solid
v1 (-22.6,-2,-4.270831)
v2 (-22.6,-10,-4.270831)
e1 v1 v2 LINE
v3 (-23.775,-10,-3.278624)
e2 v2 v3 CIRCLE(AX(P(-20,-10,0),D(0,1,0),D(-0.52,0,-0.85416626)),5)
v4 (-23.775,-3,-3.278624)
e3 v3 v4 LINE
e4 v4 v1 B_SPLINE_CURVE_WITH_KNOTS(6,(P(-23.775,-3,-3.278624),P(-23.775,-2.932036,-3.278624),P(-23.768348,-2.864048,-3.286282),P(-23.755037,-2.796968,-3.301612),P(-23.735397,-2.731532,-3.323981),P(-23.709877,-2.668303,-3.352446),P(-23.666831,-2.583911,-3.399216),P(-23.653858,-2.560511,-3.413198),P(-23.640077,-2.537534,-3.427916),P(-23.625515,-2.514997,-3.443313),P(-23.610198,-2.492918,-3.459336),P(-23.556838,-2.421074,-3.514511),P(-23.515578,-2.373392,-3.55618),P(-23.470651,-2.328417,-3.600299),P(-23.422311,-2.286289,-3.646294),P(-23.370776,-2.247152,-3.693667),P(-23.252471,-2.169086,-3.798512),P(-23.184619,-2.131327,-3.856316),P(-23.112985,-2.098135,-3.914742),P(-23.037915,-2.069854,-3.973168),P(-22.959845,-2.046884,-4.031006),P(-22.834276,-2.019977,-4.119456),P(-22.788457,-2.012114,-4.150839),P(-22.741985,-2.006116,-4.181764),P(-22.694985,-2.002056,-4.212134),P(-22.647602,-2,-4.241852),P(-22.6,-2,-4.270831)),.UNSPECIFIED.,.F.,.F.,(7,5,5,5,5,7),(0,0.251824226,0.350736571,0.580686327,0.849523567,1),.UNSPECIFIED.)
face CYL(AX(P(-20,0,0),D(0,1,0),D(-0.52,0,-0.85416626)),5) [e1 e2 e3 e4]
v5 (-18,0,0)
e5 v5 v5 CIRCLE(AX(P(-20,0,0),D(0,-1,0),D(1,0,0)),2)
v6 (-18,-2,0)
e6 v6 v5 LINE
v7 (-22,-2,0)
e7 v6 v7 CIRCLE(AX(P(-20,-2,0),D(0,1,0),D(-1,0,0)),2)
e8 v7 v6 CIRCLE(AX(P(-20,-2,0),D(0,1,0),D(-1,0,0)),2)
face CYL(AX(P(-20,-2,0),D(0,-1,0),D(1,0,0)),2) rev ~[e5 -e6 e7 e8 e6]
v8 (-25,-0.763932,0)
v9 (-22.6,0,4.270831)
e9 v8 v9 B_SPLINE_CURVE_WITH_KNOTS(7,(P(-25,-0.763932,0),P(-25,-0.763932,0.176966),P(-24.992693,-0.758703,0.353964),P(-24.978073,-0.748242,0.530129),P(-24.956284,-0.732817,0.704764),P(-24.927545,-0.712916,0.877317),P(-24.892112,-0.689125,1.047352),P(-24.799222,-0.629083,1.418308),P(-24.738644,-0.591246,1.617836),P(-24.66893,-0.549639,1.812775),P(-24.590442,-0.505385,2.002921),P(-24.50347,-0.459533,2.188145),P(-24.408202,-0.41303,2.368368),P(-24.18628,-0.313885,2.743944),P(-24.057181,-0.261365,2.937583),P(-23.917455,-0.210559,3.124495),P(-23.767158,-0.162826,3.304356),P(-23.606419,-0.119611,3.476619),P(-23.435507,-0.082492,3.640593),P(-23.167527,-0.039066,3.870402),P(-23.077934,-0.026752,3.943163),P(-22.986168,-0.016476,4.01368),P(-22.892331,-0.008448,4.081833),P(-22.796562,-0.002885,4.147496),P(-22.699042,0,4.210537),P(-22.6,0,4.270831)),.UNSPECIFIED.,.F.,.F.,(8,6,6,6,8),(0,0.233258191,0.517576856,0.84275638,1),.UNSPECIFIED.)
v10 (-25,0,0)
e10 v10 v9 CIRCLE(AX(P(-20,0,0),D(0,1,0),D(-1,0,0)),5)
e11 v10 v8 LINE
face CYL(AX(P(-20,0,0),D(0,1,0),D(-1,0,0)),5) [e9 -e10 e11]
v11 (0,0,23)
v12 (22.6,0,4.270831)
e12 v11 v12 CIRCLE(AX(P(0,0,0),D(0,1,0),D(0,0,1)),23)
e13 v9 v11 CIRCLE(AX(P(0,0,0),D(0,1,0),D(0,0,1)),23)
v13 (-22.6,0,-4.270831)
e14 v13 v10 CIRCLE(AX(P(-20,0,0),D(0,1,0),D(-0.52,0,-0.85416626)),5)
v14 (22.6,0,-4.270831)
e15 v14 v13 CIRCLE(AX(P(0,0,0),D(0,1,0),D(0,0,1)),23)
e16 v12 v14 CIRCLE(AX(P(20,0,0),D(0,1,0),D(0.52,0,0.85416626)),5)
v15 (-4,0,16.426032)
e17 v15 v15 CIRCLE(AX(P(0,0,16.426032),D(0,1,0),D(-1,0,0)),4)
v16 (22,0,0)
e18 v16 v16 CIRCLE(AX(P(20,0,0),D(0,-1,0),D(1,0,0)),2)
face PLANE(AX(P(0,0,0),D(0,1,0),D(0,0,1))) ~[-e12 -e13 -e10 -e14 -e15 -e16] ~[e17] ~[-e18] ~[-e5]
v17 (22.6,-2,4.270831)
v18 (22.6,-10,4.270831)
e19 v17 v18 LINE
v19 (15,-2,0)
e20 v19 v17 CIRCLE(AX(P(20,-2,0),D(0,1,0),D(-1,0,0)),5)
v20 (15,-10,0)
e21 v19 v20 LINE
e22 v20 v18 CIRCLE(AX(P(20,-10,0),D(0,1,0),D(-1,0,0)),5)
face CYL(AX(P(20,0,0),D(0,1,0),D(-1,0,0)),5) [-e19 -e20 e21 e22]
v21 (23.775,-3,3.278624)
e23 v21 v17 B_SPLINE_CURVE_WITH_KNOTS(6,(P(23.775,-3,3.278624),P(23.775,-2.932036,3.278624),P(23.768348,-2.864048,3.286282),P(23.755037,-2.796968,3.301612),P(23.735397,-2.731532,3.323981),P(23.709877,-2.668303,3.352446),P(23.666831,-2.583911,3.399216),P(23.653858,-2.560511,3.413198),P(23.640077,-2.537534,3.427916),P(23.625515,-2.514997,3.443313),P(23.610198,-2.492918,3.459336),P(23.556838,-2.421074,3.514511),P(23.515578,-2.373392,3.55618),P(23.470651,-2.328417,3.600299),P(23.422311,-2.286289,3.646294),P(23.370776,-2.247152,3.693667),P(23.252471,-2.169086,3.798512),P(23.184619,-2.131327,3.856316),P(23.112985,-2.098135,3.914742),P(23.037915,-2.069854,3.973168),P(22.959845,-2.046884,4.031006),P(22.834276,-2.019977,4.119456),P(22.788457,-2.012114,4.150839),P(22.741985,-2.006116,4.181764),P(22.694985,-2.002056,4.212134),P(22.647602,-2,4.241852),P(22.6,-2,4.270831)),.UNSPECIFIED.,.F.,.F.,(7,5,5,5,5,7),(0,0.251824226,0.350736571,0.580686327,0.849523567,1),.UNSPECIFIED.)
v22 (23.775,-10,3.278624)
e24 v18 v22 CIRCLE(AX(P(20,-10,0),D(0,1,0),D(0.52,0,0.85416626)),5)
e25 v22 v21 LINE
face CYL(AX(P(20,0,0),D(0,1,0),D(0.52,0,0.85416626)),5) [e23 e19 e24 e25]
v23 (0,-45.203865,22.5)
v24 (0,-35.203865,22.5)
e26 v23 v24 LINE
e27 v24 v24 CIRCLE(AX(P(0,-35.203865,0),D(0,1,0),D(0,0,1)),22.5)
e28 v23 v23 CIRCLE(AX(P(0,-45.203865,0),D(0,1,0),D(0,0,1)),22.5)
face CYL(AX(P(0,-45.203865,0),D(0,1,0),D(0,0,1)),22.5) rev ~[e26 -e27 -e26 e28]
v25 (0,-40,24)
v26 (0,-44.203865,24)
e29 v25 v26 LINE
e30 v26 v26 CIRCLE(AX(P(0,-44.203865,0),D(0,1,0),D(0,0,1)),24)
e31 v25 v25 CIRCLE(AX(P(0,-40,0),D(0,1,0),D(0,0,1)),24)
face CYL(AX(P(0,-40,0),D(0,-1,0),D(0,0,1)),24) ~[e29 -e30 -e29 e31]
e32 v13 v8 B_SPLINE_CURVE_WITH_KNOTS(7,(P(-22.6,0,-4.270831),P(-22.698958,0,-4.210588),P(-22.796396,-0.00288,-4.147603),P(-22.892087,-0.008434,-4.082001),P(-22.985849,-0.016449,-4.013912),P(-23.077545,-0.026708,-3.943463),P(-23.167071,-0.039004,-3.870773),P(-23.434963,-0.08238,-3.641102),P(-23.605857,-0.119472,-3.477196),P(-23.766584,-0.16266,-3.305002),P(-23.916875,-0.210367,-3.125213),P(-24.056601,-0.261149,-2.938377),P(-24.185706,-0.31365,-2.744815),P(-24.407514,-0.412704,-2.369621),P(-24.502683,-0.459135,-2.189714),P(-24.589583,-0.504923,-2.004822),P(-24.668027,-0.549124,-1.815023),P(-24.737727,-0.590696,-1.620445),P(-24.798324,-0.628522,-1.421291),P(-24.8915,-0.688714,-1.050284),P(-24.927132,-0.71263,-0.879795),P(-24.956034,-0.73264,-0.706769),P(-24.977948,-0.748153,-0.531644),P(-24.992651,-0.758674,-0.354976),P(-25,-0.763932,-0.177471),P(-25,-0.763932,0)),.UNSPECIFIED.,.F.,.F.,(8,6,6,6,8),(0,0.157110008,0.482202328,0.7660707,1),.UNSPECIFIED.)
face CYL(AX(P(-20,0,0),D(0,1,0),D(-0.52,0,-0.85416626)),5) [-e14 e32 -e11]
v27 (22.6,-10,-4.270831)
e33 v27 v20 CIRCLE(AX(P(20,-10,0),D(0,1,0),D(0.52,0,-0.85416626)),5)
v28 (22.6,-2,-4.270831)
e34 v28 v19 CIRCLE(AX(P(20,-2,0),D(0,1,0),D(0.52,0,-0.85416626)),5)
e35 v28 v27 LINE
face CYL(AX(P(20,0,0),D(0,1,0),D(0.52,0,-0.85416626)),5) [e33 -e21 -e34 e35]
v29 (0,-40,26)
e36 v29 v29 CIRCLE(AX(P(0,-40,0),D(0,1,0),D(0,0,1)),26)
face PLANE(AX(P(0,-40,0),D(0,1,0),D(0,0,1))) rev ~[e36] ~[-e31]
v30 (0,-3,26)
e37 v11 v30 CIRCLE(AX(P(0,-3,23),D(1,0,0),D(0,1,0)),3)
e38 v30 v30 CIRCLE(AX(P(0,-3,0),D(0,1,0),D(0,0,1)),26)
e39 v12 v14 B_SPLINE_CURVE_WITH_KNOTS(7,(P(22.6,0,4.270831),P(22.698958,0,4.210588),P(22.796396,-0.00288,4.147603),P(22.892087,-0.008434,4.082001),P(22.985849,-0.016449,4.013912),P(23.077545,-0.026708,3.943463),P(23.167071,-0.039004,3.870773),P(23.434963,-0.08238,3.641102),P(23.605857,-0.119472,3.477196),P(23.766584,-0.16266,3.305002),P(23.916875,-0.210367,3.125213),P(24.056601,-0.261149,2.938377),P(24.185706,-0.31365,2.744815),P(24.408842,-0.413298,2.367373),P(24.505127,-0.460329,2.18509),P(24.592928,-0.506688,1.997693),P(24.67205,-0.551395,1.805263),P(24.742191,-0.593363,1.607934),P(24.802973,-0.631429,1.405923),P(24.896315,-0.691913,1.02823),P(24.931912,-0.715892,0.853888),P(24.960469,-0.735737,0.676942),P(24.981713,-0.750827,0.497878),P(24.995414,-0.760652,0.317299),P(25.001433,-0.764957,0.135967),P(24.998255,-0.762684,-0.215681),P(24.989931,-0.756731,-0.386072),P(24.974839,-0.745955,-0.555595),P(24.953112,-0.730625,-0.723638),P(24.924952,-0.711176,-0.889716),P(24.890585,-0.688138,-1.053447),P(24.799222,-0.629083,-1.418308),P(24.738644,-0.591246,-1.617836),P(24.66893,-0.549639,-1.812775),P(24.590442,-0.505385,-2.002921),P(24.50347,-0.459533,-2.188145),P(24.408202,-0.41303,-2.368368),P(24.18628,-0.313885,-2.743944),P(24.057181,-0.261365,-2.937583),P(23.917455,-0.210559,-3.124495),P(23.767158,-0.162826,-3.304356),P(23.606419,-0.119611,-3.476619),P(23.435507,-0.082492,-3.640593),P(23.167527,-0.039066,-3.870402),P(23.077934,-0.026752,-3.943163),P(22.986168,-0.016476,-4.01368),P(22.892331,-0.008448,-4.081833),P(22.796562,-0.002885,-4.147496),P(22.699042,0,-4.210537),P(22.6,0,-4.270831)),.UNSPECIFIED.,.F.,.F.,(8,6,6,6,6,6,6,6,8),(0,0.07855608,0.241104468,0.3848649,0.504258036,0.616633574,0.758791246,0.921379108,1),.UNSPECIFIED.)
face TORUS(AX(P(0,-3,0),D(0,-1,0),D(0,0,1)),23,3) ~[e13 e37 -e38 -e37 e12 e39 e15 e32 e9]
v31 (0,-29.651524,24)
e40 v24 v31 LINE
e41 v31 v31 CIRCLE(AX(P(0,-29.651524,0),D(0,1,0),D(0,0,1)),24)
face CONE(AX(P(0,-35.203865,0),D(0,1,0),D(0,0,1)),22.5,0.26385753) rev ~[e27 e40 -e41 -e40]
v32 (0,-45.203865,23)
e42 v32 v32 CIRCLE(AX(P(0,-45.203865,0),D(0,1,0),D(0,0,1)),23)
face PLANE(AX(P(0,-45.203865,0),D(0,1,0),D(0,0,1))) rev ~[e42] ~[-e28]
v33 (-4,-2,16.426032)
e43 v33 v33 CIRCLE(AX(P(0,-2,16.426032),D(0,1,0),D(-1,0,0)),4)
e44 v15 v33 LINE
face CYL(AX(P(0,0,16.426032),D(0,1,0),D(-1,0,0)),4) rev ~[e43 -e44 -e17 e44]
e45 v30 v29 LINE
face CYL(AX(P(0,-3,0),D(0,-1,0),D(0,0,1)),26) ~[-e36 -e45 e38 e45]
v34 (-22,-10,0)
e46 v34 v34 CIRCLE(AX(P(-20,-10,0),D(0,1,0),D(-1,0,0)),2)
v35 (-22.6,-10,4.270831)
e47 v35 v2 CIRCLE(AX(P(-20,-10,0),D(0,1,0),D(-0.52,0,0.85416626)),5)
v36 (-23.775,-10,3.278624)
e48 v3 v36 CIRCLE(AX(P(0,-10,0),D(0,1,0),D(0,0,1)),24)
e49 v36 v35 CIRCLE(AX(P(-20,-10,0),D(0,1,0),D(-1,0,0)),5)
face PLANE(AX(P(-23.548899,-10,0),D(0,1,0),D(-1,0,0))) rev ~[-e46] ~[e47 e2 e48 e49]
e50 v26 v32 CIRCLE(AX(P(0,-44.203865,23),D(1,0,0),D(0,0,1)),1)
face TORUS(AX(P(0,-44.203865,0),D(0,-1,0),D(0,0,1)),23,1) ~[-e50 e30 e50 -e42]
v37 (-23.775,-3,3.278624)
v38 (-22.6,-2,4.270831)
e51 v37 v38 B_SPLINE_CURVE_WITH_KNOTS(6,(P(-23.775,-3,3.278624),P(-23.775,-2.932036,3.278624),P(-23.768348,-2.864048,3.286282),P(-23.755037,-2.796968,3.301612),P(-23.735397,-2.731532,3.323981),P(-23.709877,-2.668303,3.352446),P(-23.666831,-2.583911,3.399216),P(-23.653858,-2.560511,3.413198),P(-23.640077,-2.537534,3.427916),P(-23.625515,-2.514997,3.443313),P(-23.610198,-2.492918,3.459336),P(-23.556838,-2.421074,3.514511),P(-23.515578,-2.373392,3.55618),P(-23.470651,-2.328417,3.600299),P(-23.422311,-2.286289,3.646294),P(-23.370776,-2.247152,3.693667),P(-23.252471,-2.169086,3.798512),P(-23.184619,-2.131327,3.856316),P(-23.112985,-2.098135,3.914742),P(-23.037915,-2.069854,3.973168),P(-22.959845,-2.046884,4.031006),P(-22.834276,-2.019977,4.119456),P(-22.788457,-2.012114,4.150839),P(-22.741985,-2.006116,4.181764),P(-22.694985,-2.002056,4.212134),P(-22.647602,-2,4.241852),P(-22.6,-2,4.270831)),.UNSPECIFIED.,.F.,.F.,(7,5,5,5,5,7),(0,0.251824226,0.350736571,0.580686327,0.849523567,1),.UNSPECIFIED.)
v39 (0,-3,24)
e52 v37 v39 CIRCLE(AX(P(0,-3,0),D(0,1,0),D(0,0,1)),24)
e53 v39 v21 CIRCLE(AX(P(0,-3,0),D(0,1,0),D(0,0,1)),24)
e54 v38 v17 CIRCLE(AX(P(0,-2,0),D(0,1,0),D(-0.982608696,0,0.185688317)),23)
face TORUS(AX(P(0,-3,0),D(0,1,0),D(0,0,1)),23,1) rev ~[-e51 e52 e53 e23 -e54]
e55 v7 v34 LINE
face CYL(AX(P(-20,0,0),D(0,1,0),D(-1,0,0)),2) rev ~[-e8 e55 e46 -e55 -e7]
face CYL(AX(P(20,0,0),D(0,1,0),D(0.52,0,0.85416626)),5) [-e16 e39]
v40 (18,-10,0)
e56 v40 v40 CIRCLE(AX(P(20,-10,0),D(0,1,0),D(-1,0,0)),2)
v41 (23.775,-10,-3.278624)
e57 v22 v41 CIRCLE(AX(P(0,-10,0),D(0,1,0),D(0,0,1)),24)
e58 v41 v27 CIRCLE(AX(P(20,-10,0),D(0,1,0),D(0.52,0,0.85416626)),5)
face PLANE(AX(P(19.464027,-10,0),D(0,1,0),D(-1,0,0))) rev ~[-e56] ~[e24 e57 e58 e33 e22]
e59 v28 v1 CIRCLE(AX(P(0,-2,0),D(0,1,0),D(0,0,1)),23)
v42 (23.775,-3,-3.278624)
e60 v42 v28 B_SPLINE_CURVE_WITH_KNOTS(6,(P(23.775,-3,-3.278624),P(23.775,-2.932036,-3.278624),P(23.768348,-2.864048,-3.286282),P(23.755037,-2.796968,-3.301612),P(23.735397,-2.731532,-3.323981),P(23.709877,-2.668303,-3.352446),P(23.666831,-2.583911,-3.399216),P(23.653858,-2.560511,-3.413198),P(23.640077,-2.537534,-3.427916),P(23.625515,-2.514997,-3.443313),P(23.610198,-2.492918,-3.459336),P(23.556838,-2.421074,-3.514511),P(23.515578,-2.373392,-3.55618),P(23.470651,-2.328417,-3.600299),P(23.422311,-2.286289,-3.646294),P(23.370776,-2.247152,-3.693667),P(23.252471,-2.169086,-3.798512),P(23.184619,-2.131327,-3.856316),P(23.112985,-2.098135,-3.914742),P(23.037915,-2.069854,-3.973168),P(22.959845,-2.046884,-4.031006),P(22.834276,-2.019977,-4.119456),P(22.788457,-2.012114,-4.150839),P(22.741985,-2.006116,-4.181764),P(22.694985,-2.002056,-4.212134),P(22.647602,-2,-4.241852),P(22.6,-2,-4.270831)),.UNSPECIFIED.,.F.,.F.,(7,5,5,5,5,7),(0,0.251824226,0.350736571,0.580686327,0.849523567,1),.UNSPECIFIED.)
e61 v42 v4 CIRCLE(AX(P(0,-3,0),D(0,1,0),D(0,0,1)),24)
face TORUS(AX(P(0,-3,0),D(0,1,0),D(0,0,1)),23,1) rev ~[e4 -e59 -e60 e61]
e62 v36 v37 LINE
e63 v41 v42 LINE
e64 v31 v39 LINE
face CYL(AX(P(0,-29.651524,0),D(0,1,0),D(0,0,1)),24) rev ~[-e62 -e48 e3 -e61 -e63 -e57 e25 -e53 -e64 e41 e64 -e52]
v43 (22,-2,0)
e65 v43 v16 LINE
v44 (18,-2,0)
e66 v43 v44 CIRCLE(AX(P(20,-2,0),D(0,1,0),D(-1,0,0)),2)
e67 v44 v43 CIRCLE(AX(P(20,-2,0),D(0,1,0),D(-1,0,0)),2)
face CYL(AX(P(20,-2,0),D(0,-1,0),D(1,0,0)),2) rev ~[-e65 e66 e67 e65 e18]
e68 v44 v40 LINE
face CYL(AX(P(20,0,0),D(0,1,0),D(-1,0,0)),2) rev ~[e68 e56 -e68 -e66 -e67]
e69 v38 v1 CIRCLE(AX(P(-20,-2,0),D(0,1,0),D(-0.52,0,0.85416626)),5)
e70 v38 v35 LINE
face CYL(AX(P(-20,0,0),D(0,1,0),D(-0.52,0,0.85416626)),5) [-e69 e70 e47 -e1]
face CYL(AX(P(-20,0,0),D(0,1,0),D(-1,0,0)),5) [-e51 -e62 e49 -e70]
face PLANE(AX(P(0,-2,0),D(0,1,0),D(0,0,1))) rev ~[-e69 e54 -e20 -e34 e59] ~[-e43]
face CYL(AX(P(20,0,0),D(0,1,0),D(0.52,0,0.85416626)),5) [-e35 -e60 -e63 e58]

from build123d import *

# Parameters (mm, degrees)
F2_R      = 2
F3_DEPTH  = 10
F3_FACE_R = 2
F2_R_2    = 5
F2_R_3    = 4
F4_DEPTH  = 7.6
F5_DEPTH  = 25


with BuildPart() as f1:
    # F0 (on Right) → F1 (revolve)
    with BuildSketch(Plane.YZ):
        with BuildLine():
            Line((-2, 0), (0, 0))
            Line((0, 0), (0, 23))
            ThreePointArc((0, 23), (-0.8786796564, 25.1213203436), (-3, 26))
            Line((-3, 26), (-40, 26))
            Line((-40, 26), (-40, 24))
            Line((-40, 24), (-44.203865394, 24))
            ThreePointArc((-44.203865394, 24), (-44.9109721752, 23.7071067812), (-45.203865394, 23))
            Line((-45.203865394, 23), (-45.203865394, 22.5))
            Line((-45.203865394, 22.5), (-35.203865394, 22.5))
            Line((-35.203865394, 22.5), (-29.6515244991, 24))
            Line((-29.6515244991, 24), (-3, 24))
            ThreePointArc((-3, 24), (-2.2928932188, 23.7071067812), (-2, 23))
            Line((-2, 23), (-2, 0))
        make_face()
    revolve(axis=Axis((0, -18.7915153801, 0), (0, 1, 0)))

    # F2 (on face) → F3 (join)
    with BuildSketch(Plane(origin=(0, 0, 0), x_dir=(-1, 0, 0), z_dir=(0, 1, 0))):
        with BuildLine():
            ThreePointArc((22.6, -4.2708313008), (24.3588989435, -2.4494897428), (25, 0))
            ThreePointArc((25, 0), (24.3588989435, 2.4494897428), (22.6, 4.2708313008))
            ThreePointArc((22.6, 4.2708313008), (22.8997816583, 2.144761059), (23, 0))
            ThreePointArc((23, 0), (22.8997816583, -2.144761059), (22.6, -4.2708313008))
        make_face()
        with BuildLine():
            ThreePointArc((23, 0), (22.8997816583, 2.144761059), (22.6, 4.2708313008))
            ThreePointArc((22.6, 4.2708313008), (15, 0), (22.6, -4.2708313008))
            ThreePointArc((22.6, -4.2708313008), (22.8997816583, -2.144761059), (23, 0))
        make_face()
        with Locations((20, 0)):
            Circle(F2_R, mode=Mode.SUBTRACT)
        with BuildLine():
            ThreePointArc((-15, 0), (-17.5505102572, 4.3588989435), (-22.6, 4.2708313008))
            ThreePointArc((-22.6, 4.2708313008), (-23, 0), (-22.6, -4.2708313008))
            ThreePointArc((-22.6, -4.2708313008), (-17.5505102572, -4.3588989435), (-15, 0))
        make_face()
        with Locations((-20, 0)):
            Circle(F2_R, mode=Mode.SUBTRACT)
        with BuildLine():
            ThreePointArc((-22.6, -4.2708313008), (-23, 0), (-22.6, 4.2708313008))
            ThreePointArc((-22.6, 4.2708313008), (-25, 0), (-22.6, -4.2708313008))
        make_face()
    extrude(amount=-F3_DEPTH)

    # F3_face (on face) + F2 (on face) + F3_face1 (on face) → F4 (cut)
    with BuildSketch(Plane(origin=(-20, -2, 0), x_dir=(1, 0, 0), z_dir=(0, -1, 0))):
        Circle(F3_FACE_R)
        with Locations((40, 0)):
            Circle(F3_FACE_R)
    with BuildSketch(Plane(origin=(0, 0, 0), x_dir=(-1, 0, 0), z_dir=(0, 1, 0))):
        with Locations((20, 0)):
            Circle(F2_R_2)
        with Locations((20, 0)):
            Circle(F2_R, mode=Mode.SUBTRACT)
        with Locations((-20, 0)):
            Circle(F2_R_2)
        with Locations((-20, 0)):
            Circle(F2_R, mode=Mode.SUBTRACT)
        with Locations((0, 16.4260324091)):
            Circle(F2_R_3)
    with BuildSketch(Plane(origin=(0, 0, 0), x_dir=(-1, 0, 0), z_dir=(0, 1, 0))):
        with BuildLine():
            ThreePointArc((0, 23), (-14.6760158095, 17.7091659871), (-22.6, 4.2708313008))
            ThreePointArc((-22.6, 4.2708313008), (-25, 0), (-22.6, -4.2708313008))
            ThreePointArc((-22.6, -4.2708313008), (0, -23), (22.6, -4.2708313008))
            ThreePointArc((22.6, -4.2708313008), (25, 0), (22.6, 4.2708313008))
            ThreePointArc((22.6, 4.2708313008), (14.6760158095, 17.7091659871), (0, 23))
        make_face()
    extrude(amount=-F4_DEPTH, dir=(0, -1, 0), mode=Mode.SUBTRACT)

    # F2 (on face) → F5 (cut)
    with BuildSketch(Plane(origin=(0, 0, 0), x_dir=(-1, 0, 0), z_dir=(0, 1, 0))):
        with Locations((0, 16.4260324091)):
            Circle(F2_R_3)
    extrude(amount=-F5_DEPTH, mode=Mode.SUBTRACT)


solid = f1.part
